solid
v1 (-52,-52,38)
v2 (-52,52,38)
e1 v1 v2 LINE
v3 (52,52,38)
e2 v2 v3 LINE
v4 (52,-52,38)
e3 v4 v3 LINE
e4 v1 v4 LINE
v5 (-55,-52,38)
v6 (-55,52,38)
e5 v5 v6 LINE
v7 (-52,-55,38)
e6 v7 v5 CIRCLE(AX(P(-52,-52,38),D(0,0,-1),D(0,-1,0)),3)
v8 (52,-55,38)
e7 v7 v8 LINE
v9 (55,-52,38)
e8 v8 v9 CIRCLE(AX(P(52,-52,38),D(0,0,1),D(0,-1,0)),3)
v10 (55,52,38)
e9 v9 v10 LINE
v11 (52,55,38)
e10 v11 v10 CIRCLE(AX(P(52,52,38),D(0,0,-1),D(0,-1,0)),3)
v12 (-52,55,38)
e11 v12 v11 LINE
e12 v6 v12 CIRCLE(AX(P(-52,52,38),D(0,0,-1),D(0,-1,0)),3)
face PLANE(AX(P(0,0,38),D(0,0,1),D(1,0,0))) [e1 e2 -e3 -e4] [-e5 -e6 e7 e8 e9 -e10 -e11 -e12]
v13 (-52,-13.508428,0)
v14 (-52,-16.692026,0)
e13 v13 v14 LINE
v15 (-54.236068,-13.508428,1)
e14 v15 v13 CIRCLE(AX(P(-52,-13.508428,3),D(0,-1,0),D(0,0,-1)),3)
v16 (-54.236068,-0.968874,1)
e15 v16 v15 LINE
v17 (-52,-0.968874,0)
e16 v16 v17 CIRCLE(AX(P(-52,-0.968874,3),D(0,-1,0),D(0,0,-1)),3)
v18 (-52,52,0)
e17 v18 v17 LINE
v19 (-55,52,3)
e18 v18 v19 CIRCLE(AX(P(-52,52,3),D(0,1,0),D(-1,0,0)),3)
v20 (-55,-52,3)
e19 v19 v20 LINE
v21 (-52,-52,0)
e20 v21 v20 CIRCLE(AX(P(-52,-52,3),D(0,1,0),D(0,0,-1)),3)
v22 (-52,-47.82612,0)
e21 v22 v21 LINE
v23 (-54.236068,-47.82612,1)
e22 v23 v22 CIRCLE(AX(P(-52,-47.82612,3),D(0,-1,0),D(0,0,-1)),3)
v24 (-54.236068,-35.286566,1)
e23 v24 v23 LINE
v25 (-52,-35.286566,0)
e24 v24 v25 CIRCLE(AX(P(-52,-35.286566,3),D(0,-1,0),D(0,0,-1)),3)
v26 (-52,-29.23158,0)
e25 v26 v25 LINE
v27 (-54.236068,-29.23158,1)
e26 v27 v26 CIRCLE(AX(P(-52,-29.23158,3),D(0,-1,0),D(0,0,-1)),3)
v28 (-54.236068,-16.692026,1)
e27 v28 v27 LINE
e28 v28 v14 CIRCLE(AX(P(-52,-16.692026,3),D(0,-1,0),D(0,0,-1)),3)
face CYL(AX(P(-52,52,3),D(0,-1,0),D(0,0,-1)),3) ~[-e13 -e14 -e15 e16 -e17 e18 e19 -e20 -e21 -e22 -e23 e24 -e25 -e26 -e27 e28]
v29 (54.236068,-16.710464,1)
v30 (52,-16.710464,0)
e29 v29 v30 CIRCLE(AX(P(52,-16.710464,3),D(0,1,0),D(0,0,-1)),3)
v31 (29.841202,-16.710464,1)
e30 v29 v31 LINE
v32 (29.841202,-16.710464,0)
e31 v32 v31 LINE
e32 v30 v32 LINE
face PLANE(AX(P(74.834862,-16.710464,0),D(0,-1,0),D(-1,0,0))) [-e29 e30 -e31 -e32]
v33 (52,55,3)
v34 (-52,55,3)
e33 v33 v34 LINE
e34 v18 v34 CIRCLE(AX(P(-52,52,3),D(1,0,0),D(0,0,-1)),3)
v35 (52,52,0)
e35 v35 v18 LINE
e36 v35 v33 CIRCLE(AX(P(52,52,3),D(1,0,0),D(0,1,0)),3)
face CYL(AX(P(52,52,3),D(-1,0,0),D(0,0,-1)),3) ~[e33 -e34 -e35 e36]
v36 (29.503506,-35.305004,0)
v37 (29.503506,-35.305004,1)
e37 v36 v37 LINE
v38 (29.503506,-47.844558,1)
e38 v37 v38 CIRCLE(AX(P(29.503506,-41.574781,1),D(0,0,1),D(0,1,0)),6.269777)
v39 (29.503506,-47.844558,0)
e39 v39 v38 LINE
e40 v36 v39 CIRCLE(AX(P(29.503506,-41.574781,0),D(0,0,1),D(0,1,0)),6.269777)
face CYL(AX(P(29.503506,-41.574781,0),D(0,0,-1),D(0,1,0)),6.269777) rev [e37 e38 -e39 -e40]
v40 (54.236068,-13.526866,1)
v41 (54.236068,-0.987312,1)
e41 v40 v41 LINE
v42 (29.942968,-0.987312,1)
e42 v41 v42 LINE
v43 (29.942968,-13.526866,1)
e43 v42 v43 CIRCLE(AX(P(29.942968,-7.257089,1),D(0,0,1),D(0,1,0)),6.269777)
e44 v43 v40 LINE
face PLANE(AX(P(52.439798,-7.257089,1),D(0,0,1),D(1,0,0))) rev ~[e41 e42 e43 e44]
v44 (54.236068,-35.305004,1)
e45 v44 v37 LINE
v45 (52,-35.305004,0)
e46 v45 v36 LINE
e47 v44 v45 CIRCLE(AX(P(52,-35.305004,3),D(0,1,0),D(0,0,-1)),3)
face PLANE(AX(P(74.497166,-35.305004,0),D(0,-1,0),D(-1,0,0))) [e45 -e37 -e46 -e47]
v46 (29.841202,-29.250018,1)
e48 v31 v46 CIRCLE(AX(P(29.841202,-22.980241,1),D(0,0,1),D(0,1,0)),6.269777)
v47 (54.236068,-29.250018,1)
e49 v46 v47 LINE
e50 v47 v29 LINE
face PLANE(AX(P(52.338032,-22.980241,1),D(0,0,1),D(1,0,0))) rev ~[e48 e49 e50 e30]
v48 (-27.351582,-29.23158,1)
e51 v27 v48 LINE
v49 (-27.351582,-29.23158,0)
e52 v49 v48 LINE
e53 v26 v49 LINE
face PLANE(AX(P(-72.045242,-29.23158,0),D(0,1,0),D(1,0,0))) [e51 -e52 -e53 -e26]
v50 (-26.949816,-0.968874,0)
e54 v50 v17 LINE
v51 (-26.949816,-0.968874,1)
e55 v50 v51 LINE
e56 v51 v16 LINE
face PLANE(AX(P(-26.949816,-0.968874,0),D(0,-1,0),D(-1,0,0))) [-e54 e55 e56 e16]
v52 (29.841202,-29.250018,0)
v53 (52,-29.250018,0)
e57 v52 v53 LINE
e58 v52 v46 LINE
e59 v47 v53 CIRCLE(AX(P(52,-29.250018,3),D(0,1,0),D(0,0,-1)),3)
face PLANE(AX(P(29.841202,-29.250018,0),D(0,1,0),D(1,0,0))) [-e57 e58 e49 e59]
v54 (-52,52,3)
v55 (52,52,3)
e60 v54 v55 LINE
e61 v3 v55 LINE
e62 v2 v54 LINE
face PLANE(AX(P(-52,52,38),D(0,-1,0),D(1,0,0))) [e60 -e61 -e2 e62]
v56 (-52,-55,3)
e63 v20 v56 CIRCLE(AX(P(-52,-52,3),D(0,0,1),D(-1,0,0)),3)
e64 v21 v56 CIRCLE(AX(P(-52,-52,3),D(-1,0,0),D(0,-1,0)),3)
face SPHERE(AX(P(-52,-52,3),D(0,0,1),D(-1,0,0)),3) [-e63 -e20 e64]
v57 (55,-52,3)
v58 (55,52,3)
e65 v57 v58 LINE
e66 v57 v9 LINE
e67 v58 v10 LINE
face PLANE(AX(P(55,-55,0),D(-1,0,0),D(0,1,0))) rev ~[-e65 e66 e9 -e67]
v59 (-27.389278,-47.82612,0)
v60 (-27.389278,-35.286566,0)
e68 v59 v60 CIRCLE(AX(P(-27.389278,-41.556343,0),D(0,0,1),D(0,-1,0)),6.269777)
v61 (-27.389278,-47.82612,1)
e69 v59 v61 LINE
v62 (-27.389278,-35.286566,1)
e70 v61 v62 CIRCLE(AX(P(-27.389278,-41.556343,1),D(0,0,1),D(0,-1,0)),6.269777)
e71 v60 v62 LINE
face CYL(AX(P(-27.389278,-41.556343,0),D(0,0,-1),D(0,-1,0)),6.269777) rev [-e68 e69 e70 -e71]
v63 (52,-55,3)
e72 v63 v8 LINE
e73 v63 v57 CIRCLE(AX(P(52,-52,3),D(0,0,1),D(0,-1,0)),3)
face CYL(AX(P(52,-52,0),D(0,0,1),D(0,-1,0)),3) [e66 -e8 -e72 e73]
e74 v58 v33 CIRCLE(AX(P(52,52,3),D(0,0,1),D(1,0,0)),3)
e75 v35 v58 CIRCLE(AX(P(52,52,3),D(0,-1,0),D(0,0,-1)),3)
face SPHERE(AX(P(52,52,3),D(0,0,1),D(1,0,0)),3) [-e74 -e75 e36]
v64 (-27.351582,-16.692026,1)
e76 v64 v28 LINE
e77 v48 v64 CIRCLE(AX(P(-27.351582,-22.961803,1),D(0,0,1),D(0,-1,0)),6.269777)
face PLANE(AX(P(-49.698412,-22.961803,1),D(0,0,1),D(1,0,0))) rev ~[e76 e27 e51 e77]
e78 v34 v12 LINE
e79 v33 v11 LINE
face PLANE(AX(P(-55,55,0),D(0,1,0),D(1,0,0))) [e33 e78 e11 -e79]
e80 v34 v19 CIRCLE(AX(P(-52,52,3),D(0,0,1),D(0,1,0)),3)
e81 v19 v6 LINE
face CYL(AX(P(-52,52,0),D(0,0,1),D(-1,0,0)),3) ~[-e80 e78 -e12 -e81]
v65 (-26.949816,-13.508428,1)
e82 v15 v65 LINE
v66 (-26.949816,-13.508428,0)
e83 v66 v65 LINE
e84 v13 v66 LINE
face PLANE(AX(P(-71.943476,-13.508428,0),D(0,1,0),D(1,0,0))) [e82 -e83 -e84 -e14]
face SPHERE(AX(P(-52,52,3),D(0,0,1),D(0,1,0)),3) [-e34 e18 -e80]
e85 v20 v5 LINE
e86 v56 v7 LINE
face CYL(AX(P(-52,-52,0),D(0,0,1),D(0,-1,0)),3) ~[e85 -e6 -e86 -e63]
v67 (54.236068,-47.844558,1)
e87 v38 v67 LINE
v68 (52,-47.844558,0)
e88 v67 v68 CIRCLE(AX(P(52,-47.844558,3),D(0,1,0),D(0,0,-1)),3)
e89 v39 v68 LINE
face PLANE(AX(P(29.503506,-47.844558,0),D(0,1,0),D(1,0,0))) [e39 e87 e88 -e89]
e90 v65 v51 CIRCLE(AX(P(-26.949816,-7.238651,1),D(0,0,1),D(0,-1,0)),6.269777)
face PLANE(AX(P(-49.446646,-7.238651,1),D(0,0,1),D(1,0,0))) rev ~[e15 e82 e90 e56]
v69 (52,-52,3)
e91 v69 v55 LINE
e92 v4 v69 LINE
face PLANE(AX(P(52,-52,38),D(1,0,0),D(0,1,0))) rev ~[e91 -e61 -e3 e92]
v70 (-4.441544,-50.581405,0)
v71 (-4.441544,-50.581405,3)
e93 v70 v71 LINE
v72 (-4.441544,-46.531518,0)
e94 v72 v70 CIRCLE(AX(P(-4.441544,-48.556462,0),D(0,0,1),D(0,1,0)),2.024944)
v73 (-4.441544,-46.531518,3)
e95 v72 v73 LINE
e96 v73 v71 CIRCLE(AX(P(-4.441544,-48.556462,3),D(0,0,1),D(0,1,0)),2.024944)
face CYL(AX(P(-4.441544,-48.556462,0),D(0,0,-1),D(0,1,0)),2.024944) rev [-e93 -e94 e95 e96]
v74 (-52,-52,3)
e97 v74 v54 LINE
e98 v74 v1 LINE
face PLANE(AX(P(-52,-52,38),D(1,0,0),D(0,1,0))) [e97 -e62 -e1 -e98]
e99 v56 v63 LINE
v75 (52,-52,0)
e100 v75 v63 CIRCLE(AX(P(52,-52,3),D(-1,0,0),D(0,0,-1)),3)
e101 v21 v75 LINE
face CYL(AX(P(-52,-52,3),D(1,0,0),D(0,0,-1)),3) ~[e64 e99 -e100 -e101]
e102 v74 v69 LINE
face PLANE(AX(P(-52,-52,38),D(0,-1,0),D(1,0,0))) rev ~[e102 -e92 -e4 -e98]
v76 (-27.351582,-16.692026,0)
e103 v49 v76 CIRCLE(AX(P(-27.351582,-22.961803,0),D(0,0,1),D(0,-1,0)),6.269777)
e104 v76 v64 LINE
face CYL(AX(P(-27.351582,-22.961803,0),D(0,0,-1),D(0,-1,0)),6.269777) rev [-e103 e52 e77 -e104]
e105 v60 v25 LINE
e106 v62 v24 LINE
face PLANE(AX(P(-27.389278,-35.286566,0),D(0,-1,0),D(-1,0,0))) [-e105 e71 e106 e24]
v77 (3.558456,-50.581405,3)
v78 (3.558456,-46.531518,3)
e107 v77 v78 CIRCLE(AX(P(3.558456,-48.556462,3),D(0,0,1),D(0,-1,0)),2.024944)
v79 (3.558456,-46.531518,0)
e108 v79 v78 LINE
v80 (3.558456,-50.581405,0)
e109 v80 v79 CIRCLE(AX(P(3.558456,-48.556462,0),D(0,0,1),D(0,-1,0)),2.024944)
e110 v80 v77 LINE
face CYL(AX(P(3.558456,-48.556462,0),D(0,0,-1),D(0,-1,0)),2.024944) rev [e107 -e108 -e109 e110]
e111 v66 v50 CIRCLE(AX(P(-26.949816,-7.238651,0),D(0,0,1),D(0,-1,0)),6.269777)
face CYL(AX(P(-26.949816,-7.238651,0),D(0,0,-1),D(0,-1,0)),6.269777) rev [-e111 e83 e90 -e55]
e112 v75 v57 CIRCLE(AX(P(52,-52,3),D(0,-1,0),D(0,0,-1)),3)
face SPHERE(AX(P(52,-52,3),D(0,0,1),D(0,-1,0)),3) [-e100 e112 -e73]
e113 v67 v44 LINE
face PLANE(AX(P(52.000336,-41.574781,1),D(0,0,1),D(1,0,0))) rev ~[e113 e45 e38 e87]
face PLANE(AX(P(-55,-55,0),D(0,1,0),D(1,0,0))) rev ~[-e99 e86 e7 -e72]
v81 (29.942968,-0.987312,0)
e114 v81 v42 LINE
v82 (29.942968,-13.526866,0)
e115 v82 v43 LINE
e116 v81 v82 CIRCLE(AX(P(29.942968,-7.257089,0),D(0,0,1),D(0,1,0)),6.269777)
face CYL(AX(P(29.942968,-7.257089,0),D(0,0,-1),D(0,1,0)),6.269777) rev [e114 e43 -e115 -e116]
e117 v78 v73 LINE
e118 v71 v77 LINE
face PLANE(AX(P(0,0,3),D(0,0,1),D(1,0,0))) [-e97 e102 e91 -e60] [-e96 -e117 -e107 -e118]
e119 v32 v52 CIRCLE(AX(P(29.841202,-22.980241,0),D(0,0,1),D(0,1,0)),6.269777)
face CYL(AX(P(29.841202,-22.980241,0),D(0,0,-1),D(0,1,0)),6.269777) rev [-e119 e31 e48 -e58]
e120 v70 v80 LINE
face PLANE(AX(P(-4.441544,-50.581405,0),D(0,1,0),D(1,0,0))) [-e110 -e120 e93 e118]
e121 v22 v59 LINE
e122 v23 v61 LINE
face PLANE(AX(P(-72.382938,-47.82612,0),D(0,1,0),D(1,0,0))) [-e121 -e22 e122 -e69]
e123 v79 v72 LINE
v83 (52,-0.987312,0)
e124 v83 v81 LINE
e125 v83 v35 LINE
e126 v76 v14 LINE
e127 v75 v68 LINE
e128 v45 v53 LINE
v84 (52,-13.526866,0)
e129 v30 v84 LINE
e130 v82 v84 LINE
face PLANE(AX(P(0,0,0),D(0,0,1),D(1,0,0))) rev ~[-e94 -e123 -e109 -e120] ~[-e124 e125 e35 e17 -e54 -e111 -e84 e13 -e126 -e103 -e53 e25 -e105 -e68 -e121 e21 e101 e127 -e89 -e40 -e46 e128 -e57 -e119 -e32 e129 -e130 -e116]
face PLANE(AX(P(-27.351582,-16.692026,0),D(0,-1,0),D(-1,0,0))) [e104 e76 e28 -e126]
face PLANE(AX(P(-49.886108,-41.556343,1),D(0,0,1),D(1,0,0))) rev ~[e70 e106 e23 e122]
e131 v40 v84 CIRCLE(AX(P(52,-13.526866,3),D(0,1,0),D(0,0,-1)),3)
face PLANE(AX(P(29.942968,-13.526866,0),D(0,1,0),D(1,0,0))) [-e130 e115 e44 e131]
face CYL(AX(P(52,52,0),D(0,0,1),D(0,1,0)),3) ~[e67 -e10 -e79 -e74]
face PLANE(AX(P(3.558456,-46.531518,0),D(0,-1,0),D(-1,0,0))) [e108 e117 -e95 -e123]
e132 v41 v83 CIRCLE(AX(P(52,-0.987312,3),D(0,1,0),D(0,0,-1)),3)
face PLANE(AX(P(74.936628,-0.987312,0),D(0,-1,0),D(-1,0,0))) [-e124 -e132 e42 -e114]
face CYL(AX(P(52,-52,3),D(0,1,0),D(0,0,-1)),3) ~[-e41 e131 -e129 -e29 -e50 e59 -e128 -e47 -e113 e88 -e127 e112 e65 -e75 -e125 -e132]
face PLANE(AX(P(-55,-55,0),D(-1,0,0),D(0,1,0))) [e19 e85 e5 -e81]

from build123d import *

# Parameters (mm, degrees)
SKETCH_1_W          = 110
SKETCH_1_H          = 110
EXTRUDE_1_DEPTH     = 38
SKETCH_3_W          = 104
SKETCH_3_H          = 104
CUT_EXTRUDE_1_DEPTH = 32
FILLET_1_R          = 3
FILLET_2_R          = 3
CUT_EXTRUDE_2_DEPTH = 85.107074613
FILLET_3_R          = 3
CUT_EXTRUDE_4_DEPTH = 1
CUT_EXTRUDE_5_DEPTH = 3
SKETCH_13_W         = 104
SKETCH_13_H         = 104
CUT_EXTRUDE_6_DEPTH = 3


with BuildPart() as part:
    # 草图1 → 凸台-拉伸1 (new body)
    with BuildSketch(Plane.XY):
        Rectangle(SKETCH_1_W, SKETCH_1_H)
    extrude(amount=EXTRUDE_1_DEPTH)

    # 草图3 → 切除-拉伸1 (cut)
    with BuildSketch(Plane.XY.offset(38)):
        Rectangle(SKETCH_3_W, SKETCH_3_H)
    extrude(amount=-CUT_EXTRUDE_1_DEPTH, mode=Mode.SUBTRACT)

    # 圆角1
    fillet_1_edges = [part.edges().sort_by_distance(p)[0] for p in [
        (55, -55, 19),
        (55, 55, 19),
    ]]
    fillet(fillet_1_edges, radius=FILLET_1_R)

    # 圆角2
    fillet_2_edges = [part.edges().sort_by_distance(p)[0] for p in [
        (-55, 55, 19),
        (-55, -55, 19),
    ]]
    fillet(fillet_2_edges, radius=FILLET_2_R)

    # 草图4 → 切除-拉伸2 (cut, through all)
    with BuildSketch(Plane.XY.offset(6)):
        with BuildLine():
            Line((-3.909141934, -47.255379726), (3.909141934, -47.255379726))
            ThreePointArc((3.909141934, -47.255379726), (5.159141934, -48.505379726), (3.909141934, -49.755379726))
            Line((3.909141934, -49.755379726), (-3.909141934, -49.755379726))
            ThreePointArc((-3.909141934, -49.755379726), (-5.159141934, -48.505379726), (-3.909141934, -47.255379726))
        make_face()
    extrude(amount=-CUT_EXTRUDE_2_DEPTH, mode=Mode.SUBTRACT)

    # 圆角3
    fillet_3_edges = [part.edges().sort_by_distance(p)[0] for p in [
        (55, 0, 0),
        (54.121320344, 54.121320344, 0),
        (54.121320344, -54.121320344, 0),
        (0, -55, 0),
        (-55, 0, 0),
        (0, 55, 0),
        (-54.121320344, 54.121320344, 0),
        (-54.121320344, -54.121320344, 0),
    ]]
    fillet(fillet_3_edges, radius=FILLET_3_R)

    # 草图7 → 切除-拉伸4 (cut)
    with BuildSketch(Plane(origin=(0, 0, 0), x_dir=(-1, 0, 0), z_dir=(0, 0, -1))):
        with BuildLine():
            Line((27.351581896, -16.692025534), (72.045241502, -16.692025534))
            ThreePointArc((72.045241502, -16.692025534), (78.315018535, -22.961802567), (72.045241502, -29.231579599))
            Line((72.045241502, -29.231579599), (27.351581896, -29.231579599))
            ThreePointArc((27.351581896, -29.231579599), (21.081804864, -22.961802567), (27.351581896, -16.692025534))
        make_face()
        with BuildLine():
            Line((27.389277991, -35.286565578), (72.382937597, -35.286565578))
            ThreePointArc((72.382937597, -35.286565578), (78.652714629, -41.556342611), (72.382937597, -47.826119643))
            Line((72.382937597, -47.826119643), (27.389277991, -47.826119643))
            ThreePointArc((27.389277991, -47.826119643), (21.119500958, -41.556342611), (27.389277991, -35.286565578))
        make_face()
        with BuildLine():
            Line((26.949815907, -0.968873845), (71.943475513, -0.968873845))
            ThreePointArc((71.943475513, -0.968873845), (78.213252546, -7.238650877), (71.943475513, -13.50842791))
            Line((71.943475513, -13.50842791), (26.949815907, -13.50842791))
            ThreePointArc((26.949815907, -13.50842791), (20.680038875, -7.238650877), (26.949815907, -0.968873845))
        make_face()
        with BuildLine():
            Line((-74.834862022, -16.710464099), (-29.841202416, -16.710464099))
            ThreePointArc((-29.841202416, -16.710464099), (-23.571425383, -22.980241131), (-29.841202416, -29.250018164))
            Line((-29.841202416, -29.250018164), (-74.834862022, -29.250018164))
            ThreePointArc((-74.834862022, -29.250018164), (-81.104639054, -22.980241131), (-74.834862022, -16.710464099))
        make_face()
        with BuildLine():
            Line((-74.497165928, -35.305004142), (-29.503506322, -35.305004142))
            ThreePointArc((-29.503506322, -35.305004142), (-23.233729289, -41.574781175), (-29.503506322, -47.844558208))
            Line((-29.503506322, -47.844558208), (-74.497165928, -47.844558208))
            ThreePointArc((-74.497165928, -47.844558208), (-80.76694296, -41.574781175), (-74.497165928, -35.305004142))
        make_face()
        with BuildLine():
            Line((-74.936628011, -0.987312409), (-29.942968405, -0.987312409))
            ThreePointArc((-29.942968405, -0.987312409), (-23.673191373, -7.257089442), (-29.942968405, -13.526866474))
            Line((-29.942968405, -13.526866474), (-74.936628011, -13.526866474))
            ThreePointArc((-74.936628011, -13.526866474), (-81.206405044, -7.257089442), (-74.936628011, -0.987312409))
        make_face()
    extrude(amount=-CUT_EXTRUDE_4_DEPTH, mode=Mode.SUBTRACT)

    # 草图10 → 切除-拉伸5 (cut)
    with BuildSketch(Plane(origin=(0, 0, 0), x_dir=(-1, 0, 0), z_dir=(0, 0, -1))):
        with BuildLine():
            Line((-3.558455997, -46.531518088), (4.441544003, -46.531518088))
            ThreePointArc((4.441544003, -46.531518088), (6.466487551, -48.556461636), (4.441544003, -50.581405184))
            Line((4.441544003, -50.581405184), (-3.558455997, -50.581405184))
            ThreePointArc((-3.558455997, -50.581405184), (-5.583399545, -48.556461636), (-3.558455997, -46.531518088))
        make_face()
    extrude(amount=-CUT_EXTRUDE_5_DEPTH, mode=Mode.SUBTRACT)

    # 草图13 → 切除-拉伸6 (cut)
    with BuildSketch(Plane.XY.offset(6)):
        Rectangle(SKETCH_13_W, SKETCH_13_H)
    extrude(amount=-CUT_EXTRUDE_6_DEPTH, mode=Mode.SUBTRACT)


solid = part.part
